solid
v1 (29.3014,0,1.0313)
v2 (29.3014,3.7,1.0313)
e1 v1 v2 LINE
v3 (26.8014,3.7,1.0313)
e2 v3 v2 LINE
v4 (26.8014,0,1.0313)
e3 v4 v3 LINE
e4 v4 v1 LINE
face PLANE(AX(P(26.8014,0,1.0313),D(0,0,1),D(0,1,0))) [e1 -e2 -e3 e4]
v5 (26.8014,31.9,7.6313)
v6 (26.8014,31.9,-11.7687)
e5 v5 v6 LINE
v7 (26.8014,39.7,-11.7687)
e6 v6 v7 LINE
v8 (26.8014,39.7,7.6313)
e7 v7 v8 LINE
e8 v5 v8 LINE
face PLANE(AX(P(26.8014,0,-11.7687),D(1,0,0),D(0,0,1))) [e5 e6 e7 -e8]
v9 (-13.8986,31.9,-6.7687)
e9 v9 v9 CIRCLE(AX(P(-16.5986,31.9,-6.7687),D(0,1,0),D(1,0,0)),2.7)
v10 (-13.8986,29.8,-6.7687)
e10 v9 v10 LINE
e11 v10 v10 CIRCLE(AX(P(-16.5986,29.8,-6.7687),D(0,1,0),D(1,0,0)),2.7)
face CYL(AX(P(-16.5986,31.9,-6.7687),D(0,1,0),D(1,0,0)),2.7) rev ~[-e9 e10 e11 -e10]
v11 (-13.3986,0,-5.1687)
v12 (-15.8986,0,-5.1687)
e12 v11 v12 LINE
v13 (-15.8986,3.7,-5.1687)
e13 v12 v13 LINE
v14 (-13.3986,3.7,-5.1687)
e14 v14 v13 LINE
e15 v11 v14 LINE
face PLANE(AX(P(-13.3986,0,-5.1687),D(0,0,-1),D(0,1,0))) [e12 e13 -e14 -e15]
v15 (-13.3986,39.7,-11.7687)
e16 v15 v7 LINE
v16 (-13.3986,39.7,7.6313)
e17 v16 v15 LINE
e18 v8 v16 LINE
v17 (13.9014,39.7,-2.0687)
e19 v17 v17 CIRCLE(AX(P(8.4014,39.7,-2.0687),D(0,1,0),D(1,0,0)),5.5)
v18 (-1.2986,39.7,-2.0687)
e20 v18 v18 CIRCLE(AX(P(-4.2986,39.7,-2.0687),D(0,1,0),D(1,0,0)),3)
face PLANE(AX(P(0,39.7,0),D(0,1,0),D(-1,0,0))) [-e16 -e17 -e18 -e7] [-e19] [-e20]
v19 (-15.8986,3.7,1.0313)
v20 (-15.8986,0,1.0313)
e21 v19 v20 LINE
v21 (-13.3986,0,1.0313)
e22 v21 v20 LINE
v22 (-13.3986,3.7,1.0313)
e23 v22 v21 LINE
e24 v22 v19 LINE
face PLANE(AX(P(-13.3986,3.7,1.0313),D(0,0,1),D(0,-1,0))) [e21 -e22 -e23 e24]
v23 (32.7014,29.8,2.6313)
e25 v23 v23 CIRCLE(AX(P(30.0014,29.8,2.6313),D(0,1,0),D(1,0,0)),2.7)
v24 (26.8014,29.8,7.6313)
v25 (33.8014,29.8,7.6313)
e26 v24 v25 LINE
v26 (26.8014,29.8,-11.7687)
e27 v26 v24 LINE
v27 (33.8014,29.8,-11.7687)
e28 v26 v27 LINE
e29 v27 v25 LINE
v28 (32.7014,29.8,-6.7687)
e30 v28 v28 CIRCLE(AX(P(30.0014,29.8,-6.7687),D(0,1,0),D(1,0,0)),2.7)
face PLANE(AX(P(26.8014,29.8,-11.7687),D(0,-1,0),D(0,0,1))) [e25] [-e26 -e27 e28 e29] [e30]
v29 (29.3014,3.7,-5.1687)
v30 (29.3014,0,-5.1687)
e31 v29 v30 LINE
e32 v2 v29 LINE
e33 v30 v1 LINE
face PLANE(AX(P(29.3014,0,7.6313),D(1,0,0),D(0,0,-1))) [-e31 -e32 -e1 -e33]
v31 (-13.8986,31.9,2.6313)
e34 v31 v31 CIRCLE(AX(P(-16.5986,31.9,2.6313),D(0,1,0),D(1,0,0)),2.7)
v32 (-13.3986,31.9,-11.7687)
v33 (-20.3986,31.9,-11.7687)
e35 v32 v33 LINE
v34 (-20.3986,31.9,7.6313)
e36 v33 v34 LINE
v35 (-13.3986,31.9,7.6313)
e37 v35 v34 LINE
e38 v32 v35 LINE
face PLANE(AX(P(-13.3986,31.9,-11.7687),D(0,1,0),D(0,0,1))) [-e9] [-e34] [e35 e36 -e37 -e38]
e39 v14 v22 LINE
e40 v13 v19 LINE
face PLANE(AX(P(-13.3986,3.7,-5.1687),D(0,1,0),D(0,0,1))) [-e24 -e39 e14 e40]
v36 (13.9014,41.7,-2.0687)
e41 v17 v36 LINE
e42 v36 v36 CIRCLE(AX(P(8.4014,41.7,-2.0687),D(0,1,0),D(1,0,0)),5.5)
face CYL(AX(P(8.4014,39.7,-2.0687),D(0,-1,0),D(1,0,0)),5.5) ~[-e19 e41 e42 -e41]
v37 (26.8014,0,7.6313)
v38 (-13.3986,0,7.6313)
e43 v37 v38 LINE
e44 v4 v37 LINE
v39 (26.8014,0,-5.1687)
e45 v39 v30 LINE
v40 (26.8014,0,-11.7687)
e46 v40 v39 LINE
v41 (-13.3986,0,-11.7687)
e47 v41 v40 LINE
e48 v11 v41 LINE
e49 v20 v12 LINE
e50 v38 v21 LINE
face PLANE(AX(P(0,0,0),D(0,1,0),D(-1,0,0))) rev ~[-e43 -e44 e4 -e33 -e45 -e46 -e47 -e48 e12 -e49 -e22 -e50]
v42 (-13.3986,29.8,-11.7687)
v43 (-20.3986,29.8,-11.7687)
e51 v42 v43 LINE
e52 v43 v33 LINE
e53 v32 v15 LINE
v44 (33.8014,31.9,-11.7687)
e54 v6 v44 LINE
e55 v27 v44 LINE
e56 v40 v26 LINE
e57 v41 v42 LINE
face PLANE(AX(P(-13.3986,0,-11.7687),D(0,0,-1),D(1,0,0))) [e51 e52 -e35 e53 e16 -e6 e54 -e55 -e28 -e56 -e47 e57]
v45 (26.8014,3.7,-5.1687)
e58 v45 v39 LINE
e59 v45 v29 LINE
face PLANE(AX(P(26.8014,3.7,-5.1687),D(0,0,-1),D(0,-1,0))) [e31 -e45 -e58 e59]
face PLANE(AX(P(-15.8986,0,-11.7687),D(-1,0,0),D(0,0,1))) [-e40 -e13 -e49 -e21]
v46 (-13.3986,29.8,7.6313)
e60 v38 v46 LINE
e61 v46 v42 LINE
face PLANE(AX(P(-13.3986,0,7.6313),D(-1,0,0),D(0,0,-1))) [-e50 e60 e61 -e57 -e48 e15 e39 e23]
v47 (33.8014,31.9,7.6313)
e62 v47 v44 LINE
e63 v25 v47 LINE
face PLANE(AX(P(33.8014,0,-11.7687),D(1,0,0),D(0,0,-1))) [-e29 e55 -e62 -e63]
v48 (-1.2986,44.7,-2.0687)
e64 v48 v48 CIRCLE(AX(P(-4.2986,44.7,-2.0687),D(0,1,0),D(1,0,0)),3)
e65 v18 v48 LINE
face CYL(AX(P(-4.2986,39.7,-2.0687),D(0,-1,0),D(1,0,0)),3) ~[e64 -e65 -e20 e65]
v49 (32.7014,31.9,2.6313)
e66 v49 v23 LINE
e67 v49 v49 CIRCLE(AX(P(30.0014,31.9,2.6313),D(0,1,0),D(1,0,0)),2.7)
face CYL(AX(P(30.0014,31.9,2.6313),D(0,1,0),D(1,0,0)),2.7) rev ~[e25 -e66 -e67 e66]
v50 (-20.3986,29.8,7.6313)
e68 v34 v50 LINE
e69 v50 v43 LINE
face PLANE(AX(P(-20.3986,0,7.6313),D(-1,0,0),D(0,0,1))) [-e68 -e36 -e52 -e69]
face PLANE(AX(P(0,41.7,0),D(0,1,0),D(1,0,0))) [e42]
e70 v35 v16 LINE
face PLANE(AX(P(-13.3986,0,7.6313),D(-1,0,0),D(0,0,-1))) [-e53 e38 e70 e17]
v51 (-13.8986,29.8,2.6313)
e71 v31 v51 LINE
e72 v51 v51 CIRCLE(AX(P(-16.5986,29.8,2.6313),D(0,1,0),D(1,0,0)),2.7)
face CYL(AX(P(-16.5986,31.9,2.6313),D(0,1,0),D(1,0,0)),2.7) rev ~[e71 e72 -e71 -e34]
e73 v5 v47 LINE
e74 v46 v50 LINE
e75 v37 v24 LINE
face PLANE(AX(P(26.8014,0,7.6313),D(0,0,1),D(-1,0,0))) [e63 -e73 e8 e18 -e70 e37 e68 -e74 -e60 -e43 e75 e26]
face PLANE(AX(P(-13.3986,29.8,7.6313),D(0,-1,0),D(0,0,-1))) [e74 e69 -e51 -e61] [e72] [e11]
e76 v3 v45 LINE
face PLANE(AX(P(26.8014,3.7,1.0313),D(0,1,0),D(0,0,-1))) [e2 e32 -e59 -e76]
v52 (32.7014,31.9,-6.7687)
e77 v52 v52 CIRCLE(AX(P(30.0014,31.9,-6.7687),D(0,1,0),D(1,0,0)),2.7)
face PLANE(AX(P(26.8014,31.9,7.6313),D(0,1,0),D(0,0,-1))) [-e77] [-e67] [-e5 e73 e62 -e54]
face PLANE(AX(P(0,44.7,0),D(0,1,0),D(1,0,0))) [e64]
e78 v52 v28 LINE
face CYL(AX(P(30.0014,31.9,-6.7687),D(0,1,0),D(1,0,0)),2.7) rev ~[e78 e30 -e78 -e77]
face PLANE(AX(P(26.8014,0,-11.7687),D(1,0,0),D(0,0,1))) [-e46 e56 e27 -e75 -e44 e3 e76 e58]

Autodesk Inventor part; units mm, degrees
ref_plane "YZ Plane" through (0, 0, 0) normal (1, 0, 0) x (0, 1, 0)
ref_plane "XZ Plane" through (0, 0, 0) normal (0, 1, 0) x (-1, 0, 0)
ref_plane "XY Plane" through (0, 0, 0) normal (0, 0, 1) x (1, 0, 0)
sketch "Sketch1" plane through (0, 0, 0) normal (0, 1, 0) x (-1, 0, 0)
  line L0 (13.3986, -11.7687) -> (-26.8014, -11.7687)
  line L1 (-26.8014, -11.7687) -> (-26.8014, 7.6313)
  line L2 (-26.8014, 7.6313) -> (13.3986, 7.6313)
  line L3 (13.3986, 7.6313) -> (13.3986, -11.7687)
  point P0 (0, 0)
  dimension "d0" = 19.4
  dimension "d1" = 40.2
extrude "Extrusion1" add sketch "Sketch1" along normal blind 39.7
sketch "Sketch2" plane through (26.8014, 0, 7.6313) normal (1, 0, 0) x (0, 0, -1)
  line L0 (6.6, 3.7) -> (12.8, 3.7)
  line L1 (12.8, 3.7) -> (12.8, 0)
  line L2 (12.8, 0) -> (6.6, 0)
  line L3 (6.6, 0) -> (6.6, 3.7)
  line L4 (19.4, 0) -> (19.4, 39.7) projected
  line L5 (0, 0) -> (0, 39.7) projected
  line L6 (0, 0) -> (19.4, 0) projected
  point P0 (7.6313, 0)
  point P1 (12.8, 1.85)
  point P2 (6.6, 1.85)
  dimension "d4" = 6.2
  dimension "d5" = 3.7
  dimension "d6" = 6.6
  dimension "d7" = 6.6
  dimension "d8" = 0
extrude "Extrusion2" add sketch "Sketch2" along normal blind 2.5
sketch "Sketch5" plane through (-13.3986, 0, -11.7687) normal (-1, 0, 0) x (0, 0, 1)
  line L0 (6.6, 3.7) -> (12.8, 3.7) projected
  line L1 (6.6, 3.7) -> (12.8, 3.7)
  line L2 (12.8, 3.7) -> (12.8, 0)
  line L3 (12.8, 0) -> (6.6, 0)
  line L4 (6.6, 0) -> (6.6, 3.7)
  point P0 (11.7687, 0)
extrude "Extrusion3" add sketch "Sketch5" along normal blind 2.5
sketch "Sketch6" plane through (26.8014, 0, -11.7687) normal (1, 0, 0) x (0, 0, -1)
  line L0 (-19.4, 0) -> (-19.4, 39.7) projected
  line L1 (0, 0) -> (0, 39.7) projected
  line L2 (-19.4, 31.9) -> (0, 31.9)
  line L3 (0, 31.9) -> (0, 29.8)
  line L4 (0, 29.8) -> (-19.4, 29.8)
  line L5 (-19.4, 29.8) -> (-19.4, 31.9)
  line L6 (-19.4, 39.7) -> (0, 39.7) projected
  point P0 (-11.7687, 0)
  point P1 (0, 31.9)
  dimension "d13" = 2.1
  dimension "d14" = 7.8
extrude "Extrusion4" add sketch "Sketch6" along normal blind 7 contours L0 L2 L1 L4
sketch "Sketch7" plane through (-13.3986, 0, 7.6313) normal (-1, 0, 0) x (0, 0, 1)
  line L0 (-19.4, 29.8) -> (-19.4, 31.9) projected
  line L1 (-19.4, 29.8) -> (-19.4, 31.9)
  line L2 (0, 31.9) -> (0, 29.8) projected
  line L3 (-19.4, 31.9) -> (0, 31.9)
  line L4 (0, 31.9) -> (0, 29.8)
  line L5 (0, 29.8) -> (-19.4, 29.8)
  point P0 (-7.6313, 0)
extrude "Extrusion5" add sketch "Sketch7" along normal blind 7
sketch "Sketch8" plane through (0, 39.7, 0) normal (0, 1, 0) x (1, 0, 0)
  circle A0 centre (8.4014, 2.0687) radius 5.5
  line L0 (26.8014, -7.6313) -> (26.8014, 11.7687) projected
  line L1 (26.8014, 11.7687) -> (-13.3986, 11.7687) projected
  point P0 (0, 0)
  dimension "d19" = 11
  dimension "d20" = 18.4
  dimension "d23" = 9.7
extrude "Extrusion6" add sketch "Sketch8" along normal blind 2
sketch "Sketch10" plane through (0, 39.7, 0) normal (0, 1, 0) x (1, 0, 0)
  circle A0 centre (-4.2986, 2.0687) radius 3
  line L0 (-13.3986, 11.7687) -> (-13.3986, -7.6313) projected
  point P0 (0, 0)
  dimension "d26" = 6
  dimension "d27" = 9.1
extrude "Extrusion7" add sketch "Sketch10" along normal blind 5
sketch "Sketch11" plane through (26.8014, 31.9, 7.6313) normal (0, 1, 0) x (1, 0, 0)
  circle A0 centre (3.2, 5) radius 2.7
  line L0 (0, 0) -> (7, 0) projected
  circle A1 centre (3.2, 14.4) radius 2.7
  line L1 (0, 19.4) -> (7, 19.4) projected
  line L2 (0, 0) -> (0, 19.4) projected
  line L3 (7, 19.4) -> (7, 0) projected
  point P0 (-26.8014, 7.6313)
  dimension "d30" = 5.4
  dimension "d31" = 5
  dimension "d32" = 5
  dimension "d33" = 5.4
  dimension "d38" = 3.8
  dimension "d39" = 3.8
extrude "Extrusion8" cut sketch "Sketch11" against normal blind 5 contours A0 | A1
sketch "Sketch12" plane through (-13.3986, 31.9, 7.6313) normal (0, 1, 0) x (1, 0, 0)
  circle A0 centre (-3.2, 14.4) radius 2.7
  circle A1 centre (-3.2, 5) radius 2.7
  line L0 (0, 0) -> (-7, 0) projected
  line L1 (0, 19.4) -> (-7, 19.4) projected
  line L2 (-7, 0) -> (-7, 19.4) projected
  point P0 (13.3986, 7.6313)
  dimension "d42" = 5.4
  dimension "d43" = 5.4
  dimension "d44" = 5
  dimension "d45" = 5
  dimension "d46" = 3.8
  dimension "d47" = 3.8
extrude "Extrusion9" cut sketch "Sketch12" against normal blind 7
equation "\"d31\" = d32"
equation "\"d33\" = d30"
equation "\"d39\" = d38"
equation "\"d43\" = d42"
equation "\"d45\" = d44"
equation "\"d47\" = d46"
properties part number "Servo"
